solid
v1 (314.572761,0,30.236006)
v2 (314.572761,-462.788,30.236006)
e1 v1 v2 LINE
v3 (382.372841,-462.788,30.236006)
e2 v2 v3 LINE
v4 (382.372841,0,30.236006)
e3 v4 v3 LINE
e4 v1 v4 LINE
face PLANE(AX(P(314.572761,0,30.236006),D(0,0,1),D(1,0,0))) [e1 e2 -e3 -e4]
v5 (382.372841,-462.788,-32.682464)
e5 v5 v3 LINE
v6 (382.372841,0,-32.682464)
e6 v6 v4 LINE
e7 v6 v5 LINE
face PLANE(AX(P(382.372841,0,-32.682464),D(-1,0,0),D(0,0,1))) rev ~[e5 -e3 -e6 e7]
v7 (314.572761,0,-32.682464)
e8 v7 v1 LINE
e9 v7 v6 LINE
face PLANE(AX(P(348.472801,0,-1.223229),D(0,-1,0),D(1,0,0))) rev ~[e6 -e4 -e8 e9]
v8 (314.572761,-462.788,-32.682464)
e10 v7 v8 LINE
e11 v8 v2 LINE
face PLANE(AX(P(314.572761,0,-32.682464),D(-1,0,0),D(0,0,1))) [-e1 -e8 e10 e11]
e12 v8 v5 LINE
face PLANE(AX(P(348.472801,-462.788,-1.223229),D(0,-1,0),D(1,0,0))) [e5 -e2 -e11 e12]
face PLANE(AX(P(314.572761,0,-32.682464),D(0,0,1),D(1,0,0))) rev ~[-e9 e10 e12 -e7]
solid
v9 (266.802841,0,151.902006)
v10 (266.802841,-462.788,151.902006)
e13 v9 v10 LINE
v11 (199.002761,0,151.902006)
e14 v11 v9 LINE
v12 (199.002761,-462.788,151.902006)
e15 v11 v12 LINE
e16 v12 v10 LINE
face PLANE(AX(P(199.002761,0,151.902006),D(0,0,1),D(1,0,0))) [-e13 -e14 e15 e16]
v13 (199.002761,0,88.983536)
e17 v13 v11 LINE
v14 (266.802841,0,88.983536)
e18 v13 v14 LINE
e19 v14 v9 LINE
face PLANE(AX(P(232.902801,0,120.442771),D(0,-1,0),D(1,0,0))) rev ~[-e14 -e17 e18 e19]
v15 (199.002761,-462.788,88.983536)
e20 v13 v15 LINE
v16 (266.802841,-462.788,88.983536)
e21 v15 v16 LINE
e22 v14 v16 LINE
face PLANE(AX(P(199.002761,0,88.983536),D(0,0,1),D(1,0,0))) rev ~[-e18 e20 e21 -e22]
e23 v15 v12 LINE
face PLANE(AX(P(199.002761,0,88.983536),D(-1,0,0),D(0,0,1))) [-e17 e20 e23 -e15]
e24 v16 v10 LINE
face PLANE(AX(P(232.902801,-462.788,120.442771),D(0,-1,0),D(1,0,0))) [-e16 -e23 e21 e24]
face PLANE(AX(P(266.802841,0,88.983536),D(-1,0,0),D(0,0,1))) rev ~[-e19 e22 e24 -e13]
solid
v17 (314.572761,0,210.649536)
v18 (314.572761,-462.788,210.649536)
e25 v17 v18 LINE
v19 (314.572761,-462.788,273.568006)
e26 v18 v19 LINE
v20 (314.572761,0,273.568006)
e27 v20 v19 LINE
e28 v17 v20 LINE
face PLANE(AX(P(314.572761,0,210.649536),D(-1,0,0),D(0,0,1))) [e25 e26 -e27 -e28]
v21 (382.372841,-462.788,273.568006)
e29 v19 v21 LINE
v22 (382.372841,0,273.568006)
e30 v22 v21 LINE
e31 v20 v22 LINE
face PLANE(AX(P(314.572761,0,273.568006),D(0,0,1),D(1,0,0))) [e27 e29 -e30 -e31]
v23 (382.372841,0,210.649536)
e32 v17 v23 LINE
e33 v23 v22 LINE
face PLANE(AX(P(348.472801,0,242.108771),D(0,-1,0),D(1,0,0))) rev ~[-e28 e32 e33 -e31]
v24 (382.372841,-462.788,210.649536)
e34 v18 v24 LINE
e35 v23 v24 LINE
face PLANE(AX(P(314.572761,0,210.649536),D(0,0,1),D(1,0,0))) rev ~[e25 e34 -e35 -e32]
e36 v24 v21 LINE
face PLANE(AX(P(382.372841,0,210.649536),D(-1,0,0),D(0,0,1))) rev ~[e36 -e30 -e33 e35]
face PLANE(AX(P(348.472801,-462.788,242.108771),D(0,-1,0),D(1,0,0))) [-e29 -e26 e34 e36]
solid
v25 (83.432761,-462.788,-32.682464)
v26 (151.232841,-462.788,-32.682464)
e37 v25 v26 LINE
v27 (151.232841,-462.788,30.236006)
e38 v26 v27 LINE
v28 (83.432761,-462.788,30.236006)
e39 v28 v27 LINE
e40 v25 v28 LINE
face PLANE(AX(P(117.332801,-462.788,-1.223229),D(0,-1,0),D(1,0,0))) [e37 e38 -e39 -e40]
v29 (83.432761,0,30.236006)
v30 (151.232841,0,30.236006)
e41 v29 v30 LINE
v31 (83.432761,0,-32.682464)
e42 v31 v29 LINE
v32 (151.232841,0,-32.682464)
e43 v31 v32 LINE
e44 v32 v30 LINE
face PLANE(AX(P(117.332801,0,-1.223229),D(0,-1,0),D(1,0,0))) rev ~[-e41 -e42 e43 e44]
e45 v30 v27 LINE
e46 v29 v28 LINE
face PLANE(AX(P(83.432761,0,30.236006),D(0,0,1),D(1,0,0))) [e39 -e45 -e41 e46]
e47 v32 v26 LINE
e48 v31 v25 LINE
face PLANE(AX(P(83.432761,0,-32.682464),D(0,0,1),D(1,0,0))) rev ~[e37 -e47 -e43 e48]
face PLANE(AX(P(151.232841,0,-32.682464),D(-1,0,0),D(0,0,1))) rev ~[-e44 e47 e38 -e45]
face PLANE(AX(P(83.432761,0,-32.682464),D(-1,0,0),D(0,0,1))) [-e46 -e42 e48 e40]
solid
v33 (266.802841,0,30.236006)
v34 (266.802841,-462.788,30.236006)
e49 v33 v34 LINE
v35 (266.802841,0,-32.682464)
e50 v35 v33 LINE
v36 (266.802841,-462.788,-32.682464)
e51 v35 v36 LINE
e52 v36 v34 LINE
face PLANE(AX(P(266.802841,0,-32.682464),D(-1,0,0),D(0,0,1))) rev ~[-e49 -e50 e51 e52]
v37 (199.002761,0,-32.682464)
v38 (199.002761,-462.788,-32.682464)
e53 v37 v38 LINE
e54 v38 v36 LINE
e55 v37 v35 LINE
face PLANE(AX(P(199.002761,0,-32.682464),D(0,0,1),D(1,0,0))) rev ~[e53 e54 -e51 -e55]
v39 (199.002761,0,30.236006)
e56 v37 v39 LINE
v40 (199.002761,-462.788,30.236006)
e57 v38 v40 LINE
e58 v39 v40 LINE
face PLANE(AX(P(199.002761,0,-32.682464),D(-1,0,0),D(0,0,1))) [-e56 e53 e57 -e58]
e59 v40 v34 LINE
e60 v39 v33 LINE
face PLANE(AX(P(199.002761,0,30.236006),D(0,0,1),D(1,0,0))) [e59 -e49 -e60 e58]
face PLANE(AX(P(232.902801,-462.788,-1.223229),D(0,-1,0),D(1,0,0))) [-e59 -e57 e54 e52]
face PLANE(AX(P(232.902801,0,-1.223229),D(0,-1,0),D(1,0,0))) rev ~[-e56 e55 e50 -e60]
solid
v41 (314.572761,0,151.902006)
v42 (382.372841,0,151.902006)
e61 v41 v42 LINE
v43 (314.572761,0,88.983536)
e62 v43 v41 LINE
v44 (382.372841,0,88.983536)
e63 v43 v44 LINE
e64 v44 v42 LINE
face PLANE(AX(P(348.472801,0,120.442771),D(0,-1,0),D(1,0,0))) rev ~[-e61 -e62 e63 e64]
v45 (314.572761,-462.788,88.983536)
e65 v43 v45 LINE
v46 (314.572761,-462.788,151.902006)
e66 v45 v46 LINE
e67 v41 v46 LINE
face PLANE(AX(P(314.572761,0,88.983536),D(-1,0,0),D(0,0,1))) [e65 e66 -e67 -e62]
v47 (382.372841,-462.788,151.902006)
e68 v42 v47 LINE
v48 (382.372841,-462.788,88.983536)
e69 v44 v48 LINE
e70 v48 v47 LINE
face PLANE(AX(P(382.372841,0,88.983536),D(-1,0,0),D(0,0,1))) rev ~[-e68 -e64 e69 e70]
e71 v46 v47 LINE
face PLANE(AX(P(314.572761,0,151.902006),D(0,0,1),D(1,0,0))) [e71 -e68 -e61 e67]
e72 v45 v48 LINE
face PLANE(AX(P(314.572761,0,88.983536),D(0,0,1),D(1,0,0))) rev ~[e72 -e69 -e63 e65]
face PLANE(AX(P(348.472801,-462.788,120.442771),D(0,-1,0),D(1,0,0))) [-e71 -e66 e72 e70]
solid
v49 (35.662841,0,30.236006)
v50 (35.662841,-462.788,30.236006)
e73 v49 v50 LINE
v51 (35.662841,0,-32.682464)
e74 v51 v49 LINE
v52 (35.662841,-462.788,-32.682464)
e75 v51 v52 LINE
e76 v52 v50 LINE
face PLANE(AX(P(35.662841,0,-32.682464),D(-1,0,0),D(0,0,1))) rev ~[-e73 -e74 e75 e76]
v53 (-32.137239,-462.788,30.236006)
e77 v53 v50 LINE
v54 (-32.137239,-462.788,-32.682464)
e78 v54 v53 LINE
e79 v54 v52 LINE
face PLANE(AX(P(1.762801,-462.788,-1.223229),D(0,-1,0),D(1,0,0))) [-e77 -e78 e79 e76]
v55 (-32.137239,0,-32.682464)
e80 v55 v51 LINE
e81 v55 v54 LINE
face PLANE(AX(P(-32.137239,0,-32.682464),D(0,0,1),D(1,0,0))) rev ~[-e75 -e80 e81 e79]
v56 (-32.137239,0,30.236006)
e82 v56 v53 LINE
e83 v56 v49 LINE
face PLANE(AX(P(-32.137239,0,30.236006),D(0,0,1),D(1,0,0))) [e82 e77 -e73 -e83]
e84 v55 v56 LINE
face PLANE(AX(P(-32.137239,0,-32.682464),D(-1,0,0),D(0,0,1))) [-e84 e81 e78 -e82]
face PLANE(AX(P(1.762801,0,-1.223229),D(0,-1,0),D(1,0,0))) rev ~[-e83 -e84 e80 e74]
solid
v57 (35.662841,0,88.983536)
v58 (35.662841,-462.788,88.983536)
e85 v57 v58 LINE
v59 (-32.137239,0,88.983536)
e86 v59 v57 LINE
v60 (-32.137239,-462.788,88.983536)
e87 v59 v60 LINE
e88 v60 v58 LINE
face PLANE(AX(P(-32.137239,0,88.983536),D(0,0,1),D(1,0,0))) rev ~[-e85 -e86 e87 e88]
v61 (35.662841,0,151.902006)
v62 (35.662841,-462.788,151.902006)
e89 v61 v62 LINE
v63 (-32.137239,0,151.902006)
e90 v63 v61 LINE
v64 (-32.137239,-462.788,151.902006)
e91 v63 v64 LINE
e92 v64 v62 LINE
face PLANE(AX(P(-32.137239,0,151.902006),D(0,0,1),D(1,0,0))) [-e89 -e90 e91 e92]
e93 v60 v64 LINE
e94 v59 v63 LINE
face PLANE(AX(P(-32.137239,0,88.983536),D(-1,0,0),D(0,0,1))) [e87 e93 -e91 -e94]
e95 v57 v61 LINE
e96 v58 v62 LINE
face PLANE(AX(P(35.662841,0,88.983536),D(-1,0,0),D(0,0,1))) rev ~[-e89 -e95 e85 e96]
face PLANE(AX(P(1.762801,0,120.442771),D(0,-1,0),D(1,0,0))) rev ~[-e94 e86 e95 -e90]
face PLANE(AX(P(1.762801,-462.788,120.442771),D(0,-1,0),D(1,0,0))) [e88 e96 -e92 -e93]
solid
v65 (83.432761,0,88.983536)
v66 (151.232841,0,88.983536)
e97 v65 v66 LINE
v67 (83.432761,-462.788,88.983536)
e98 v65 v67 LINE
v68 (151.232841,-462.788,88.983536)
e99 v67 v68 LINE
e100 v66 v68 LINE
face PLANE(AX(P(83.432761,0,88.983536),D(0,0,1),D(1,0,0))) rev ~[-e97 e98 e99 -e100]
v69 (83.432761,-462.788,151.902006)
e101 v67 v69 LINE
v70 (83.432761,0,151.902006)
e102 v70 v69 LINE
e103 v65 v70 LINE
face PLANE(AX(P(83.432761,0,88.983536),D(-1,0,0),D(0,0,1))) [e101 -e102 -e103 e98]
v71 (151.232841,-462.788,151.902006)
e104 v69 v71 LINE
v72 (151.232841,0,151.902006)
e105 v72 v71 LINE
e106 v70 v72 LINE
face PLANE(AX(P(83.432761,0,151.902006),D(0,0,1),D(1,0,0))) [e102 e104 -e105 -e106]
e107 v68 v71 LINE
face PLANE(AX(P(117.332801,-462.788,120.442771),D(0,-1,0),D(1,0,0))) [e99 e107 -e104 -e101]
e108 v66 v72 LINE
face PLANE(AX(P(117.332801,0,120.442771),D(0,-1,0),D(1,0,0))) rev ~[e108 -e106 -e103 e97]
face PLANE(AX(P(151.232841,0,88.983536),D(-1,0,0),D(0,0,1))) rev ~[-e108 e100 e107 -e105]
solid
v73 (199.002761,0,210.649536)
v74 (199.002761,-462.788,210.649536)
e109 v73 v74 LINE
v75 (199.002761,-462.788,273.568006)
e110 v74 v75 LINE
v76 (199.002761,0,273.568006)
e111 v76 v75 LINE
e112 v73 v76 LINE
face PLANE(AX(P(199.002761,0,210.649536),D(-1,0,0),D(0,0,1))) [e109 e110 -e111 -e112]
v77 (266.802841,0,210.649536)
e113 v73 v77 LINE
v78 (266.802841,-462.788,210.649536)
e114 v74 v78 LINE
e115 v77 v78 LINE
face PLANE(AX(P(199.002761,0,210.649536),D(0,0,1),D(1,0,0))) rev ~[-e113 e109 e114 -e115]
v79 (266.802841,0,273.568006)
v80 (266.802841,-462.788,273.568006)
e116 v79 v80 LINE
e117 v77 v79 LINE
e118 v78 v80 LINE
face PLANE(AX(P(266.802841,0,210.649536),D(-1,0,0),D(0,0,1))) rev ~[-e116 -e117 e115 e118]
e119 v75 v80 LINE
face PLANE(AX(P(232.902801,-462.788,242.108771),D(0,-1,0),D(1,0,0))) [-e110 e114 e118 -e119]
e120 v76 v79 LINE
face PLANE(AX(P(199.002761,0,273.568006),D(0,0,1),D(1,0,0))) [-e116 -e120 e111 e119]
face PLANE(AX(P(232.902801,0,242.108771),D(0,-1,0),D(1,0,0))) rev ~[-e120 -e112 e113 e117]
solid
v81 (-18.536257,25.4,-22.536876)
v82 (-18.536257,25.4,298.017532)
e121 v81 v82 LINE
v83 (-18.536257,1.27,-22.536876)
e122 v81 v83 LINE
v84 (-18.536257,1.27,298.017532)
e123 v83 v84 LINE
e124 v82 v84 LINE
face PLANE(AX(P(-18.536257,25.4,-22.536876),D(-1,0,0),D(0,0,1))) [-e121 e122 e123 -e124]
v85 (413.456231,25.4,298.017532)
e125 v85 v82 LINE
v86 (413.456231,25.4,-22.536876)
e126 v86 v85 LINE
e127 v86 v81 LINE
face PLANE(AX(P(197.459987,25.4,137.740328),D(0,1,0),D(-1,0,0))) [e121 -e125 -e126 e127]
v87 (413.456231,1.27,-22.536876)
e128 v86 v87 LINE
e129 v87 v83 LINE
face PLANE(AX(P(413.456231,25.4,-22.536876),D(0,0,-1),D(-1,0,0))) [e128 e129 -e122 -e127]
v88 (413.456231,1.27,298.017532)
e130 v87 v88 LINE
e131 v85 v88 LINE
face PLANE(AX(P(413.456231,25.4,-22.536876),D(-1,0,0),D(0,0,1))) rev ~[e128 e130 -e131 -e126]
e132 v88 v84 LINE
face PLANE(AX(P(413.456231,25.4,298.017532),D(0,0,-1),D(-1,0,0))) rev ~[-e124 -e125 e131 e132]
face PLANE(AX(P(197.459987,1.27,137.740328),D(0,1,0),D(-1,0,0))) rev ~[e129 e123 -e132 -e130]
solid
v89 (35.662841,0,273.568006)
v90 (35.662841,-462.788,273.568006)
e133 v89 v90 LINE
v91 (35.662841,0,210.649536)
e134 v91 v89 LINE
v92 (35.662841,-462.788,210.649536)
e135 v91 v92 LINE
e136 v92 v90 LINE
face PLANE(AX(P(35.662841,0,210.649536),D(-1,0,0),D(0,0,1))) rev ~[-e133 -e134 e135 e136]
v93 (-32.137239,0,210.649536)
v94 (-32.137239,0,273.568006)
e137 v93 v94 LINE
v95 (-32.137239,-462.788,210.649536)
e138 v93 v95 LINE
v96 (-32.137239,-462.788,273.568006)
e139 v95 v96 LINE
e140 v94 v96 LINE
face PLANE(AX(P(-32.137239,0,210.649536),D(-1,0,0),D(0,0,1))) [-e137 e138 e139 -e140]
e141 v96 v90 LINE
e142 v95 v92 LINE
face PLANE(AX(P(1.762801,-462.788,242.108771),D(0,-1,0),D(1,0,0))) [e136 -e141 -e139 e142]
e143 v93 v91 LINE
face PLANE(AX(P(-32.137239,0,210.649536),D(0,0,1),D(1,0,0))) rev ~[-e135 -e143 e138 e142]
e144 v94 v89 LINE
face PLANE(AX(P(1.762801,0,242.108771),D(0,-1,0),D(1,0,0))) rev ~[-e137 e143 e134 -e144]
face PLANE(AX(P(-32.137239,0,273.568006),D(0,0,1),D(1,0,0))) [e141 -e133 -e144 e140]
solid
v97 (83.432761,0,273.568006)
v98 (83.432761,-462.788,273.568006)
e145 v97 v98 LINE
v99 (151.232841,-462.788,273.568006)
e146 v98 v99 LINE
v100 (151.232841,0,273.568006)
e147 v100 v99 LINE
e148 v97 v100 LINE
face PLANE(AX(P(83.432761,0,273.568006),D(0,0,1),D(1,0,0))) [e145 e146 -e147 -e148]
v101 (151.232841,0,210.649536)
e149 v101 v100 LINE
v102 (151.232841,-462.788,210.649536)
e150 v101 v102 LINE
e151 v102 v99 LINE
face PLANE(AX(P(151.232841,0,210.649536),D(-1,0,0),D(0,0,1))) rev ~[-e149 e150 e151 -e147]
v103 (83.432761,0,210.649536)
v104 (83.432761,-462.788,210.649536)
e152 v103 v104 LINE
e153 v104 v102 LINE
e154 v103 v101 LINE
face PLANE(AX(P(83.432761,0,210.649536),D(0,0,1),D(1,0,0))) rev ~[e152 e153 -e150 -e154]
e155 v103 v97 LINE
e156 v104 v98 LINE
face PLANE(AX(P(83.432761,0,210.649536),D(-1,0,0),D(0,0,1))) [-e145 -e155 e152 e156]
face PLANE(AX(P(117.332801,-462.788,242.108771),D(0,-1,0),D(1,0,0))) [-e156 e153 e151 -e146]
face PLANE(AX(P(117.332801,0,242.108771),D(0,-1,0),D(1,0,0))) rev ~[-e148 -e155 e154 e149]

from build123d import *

# Parameters (mm, degrees)
F0_W     = 67.8000804037
F0_H     = 62.9184693098
F1_DEPTH = 462.788
F3_W     = 431.9924879819
F3_H     = 320.5544073135
F4_DEPTH = 24.13


with BuildPart() as f1:
    # F0 (on Front) → F1 (new body)
    with BuildSketch(Plane.XZ):
        with Locations((1.76280085, -1.2232288718)):
            Rectangle(F0_W, F0_H)
    extrude(amount=F1_DEPTH)


with BuildPart() as f1b:
    # F0 (on Front) → F1, piece 2 (new body)
    with BuildSketch(Plane.XZ):
        with Locations((1.76280085, 120.4427711282)):
            Rectangle(F0_W, F0_H)
    extrude(amount=F1_DEPTH)


with BuildPart() as f1c:
    # F0 (on Front) → F1, piece 3 (new body)
    with BuildSketch(Plane.XZ):
        with Locations((1.76280085, 242.1087711282)):
            Rectangle(F0_W, F0_H)
    extrude(amount=F1_DEPTH)


with BuildPart() as f1d:
    # F0 (on Front) → F1, piece 4 (new body)
    with BuildSketch(Plane.XZ):
        with Locations((117.33280085, -1.2232288718)):
            Rectangle(F0_W, F0_H)
    extrude(amount=F1_DEPTH)


with BuildPart() as f1e:
    # F0 (on Front) → F1, piece 5 (new body)
    with BuildSketch(Plane.XZ):
        with Locations((117.33280085, 120.4427711282)):
            Rectangle(F0_W, F0_H)
    extrude(amount=F1_DEPTH)


with BuildPart() as f1f:
    # F0 (on Front) → F1, piece 6 (new body)
    with BuildSketch(Plane.XZ):
        with Locations((117.33280085, 242.1087711282)):
            Rectangle(F0_W, F0_H)
    extrude(amount=F1_DEPTH)


with BuildPart() as f1g:
    # F0 (on Front) → F1, piece 7 (new body)
    with BuildSketch(Plane.XZ):
        with Locations((232.90280085, -1.2232288718)):
            Rectangle(F0_W, F0_H)
    extrude(amount=F1_DEPTH)


with BuildPart() as f1h:
    # F0 (on Front) → F1, piece 8 (new body)
    with BuildSketch(Plane.XZ):
        with Locations((232.90280085, 120.4427711282)):
            Rectangle(F0_W, F0_H)
    extrude(amount=F1_DEPTH)


with BuildPart() as f1i:
    # F0 (on Front) → F1, piece 9 (new body)
    with BuildSketch(Plane.XZ):
        with Locations((232.90280085, 242.1087711282)):
            Rectangle(F0_W, F0_H)
    extrude(amount=F1_DEPTH)


with BuildPart() as f1j:
    # F0 (on Front) → F1, piece 10 (new body)
    with BuildSketch(Plane.XZ):
        with Locations((348.47280085, -1.2232288718)):
            Rectangle(F0_W, F0_H)
    extrude(amount=F1_DEPTH)


with BuildPart() as f1k:
    # F0 (on Front) → F1, piece 11 (new body)
    with BuildSketch(Plane.XZ):
        with Locations((348.47280085, 120.4427711282)):
            Rectangle(F0_W, F0_H)
    extrude(amount=F1_DEPTH)


with BuildPart() as f1l:
    # F0 (on Front) → F1, piece 12 (new body)
    with BuildSketch(Plane.XZ):
        with Locations((348.47280085, 242.1087711282)):
            Rectangle(F0_W, F0_H)
    extrude(amount=F1_DEPTH)


with BuildPart() as f4:
    # F3 (on offset) → F4 (new body)
    with BuildSketch(Plane(origin=(0, 25.4, 0), x_dir=(-1, 0, 0), z_dir=(0, 1, 0))):
        with Locations((-197.4599873647, 137.7403279766)):
            Rectangle(F3_W, F3_H)
    extrude(amount=-F4_DEPTH)


solid = Compound([f1.part, f1b.part, f1c.part, f1d.part, f1e.part, f1f.part, f1g.part, f1h.part, f1i.part, f1j.part, f1k.part, f1l.part, f4.part])
